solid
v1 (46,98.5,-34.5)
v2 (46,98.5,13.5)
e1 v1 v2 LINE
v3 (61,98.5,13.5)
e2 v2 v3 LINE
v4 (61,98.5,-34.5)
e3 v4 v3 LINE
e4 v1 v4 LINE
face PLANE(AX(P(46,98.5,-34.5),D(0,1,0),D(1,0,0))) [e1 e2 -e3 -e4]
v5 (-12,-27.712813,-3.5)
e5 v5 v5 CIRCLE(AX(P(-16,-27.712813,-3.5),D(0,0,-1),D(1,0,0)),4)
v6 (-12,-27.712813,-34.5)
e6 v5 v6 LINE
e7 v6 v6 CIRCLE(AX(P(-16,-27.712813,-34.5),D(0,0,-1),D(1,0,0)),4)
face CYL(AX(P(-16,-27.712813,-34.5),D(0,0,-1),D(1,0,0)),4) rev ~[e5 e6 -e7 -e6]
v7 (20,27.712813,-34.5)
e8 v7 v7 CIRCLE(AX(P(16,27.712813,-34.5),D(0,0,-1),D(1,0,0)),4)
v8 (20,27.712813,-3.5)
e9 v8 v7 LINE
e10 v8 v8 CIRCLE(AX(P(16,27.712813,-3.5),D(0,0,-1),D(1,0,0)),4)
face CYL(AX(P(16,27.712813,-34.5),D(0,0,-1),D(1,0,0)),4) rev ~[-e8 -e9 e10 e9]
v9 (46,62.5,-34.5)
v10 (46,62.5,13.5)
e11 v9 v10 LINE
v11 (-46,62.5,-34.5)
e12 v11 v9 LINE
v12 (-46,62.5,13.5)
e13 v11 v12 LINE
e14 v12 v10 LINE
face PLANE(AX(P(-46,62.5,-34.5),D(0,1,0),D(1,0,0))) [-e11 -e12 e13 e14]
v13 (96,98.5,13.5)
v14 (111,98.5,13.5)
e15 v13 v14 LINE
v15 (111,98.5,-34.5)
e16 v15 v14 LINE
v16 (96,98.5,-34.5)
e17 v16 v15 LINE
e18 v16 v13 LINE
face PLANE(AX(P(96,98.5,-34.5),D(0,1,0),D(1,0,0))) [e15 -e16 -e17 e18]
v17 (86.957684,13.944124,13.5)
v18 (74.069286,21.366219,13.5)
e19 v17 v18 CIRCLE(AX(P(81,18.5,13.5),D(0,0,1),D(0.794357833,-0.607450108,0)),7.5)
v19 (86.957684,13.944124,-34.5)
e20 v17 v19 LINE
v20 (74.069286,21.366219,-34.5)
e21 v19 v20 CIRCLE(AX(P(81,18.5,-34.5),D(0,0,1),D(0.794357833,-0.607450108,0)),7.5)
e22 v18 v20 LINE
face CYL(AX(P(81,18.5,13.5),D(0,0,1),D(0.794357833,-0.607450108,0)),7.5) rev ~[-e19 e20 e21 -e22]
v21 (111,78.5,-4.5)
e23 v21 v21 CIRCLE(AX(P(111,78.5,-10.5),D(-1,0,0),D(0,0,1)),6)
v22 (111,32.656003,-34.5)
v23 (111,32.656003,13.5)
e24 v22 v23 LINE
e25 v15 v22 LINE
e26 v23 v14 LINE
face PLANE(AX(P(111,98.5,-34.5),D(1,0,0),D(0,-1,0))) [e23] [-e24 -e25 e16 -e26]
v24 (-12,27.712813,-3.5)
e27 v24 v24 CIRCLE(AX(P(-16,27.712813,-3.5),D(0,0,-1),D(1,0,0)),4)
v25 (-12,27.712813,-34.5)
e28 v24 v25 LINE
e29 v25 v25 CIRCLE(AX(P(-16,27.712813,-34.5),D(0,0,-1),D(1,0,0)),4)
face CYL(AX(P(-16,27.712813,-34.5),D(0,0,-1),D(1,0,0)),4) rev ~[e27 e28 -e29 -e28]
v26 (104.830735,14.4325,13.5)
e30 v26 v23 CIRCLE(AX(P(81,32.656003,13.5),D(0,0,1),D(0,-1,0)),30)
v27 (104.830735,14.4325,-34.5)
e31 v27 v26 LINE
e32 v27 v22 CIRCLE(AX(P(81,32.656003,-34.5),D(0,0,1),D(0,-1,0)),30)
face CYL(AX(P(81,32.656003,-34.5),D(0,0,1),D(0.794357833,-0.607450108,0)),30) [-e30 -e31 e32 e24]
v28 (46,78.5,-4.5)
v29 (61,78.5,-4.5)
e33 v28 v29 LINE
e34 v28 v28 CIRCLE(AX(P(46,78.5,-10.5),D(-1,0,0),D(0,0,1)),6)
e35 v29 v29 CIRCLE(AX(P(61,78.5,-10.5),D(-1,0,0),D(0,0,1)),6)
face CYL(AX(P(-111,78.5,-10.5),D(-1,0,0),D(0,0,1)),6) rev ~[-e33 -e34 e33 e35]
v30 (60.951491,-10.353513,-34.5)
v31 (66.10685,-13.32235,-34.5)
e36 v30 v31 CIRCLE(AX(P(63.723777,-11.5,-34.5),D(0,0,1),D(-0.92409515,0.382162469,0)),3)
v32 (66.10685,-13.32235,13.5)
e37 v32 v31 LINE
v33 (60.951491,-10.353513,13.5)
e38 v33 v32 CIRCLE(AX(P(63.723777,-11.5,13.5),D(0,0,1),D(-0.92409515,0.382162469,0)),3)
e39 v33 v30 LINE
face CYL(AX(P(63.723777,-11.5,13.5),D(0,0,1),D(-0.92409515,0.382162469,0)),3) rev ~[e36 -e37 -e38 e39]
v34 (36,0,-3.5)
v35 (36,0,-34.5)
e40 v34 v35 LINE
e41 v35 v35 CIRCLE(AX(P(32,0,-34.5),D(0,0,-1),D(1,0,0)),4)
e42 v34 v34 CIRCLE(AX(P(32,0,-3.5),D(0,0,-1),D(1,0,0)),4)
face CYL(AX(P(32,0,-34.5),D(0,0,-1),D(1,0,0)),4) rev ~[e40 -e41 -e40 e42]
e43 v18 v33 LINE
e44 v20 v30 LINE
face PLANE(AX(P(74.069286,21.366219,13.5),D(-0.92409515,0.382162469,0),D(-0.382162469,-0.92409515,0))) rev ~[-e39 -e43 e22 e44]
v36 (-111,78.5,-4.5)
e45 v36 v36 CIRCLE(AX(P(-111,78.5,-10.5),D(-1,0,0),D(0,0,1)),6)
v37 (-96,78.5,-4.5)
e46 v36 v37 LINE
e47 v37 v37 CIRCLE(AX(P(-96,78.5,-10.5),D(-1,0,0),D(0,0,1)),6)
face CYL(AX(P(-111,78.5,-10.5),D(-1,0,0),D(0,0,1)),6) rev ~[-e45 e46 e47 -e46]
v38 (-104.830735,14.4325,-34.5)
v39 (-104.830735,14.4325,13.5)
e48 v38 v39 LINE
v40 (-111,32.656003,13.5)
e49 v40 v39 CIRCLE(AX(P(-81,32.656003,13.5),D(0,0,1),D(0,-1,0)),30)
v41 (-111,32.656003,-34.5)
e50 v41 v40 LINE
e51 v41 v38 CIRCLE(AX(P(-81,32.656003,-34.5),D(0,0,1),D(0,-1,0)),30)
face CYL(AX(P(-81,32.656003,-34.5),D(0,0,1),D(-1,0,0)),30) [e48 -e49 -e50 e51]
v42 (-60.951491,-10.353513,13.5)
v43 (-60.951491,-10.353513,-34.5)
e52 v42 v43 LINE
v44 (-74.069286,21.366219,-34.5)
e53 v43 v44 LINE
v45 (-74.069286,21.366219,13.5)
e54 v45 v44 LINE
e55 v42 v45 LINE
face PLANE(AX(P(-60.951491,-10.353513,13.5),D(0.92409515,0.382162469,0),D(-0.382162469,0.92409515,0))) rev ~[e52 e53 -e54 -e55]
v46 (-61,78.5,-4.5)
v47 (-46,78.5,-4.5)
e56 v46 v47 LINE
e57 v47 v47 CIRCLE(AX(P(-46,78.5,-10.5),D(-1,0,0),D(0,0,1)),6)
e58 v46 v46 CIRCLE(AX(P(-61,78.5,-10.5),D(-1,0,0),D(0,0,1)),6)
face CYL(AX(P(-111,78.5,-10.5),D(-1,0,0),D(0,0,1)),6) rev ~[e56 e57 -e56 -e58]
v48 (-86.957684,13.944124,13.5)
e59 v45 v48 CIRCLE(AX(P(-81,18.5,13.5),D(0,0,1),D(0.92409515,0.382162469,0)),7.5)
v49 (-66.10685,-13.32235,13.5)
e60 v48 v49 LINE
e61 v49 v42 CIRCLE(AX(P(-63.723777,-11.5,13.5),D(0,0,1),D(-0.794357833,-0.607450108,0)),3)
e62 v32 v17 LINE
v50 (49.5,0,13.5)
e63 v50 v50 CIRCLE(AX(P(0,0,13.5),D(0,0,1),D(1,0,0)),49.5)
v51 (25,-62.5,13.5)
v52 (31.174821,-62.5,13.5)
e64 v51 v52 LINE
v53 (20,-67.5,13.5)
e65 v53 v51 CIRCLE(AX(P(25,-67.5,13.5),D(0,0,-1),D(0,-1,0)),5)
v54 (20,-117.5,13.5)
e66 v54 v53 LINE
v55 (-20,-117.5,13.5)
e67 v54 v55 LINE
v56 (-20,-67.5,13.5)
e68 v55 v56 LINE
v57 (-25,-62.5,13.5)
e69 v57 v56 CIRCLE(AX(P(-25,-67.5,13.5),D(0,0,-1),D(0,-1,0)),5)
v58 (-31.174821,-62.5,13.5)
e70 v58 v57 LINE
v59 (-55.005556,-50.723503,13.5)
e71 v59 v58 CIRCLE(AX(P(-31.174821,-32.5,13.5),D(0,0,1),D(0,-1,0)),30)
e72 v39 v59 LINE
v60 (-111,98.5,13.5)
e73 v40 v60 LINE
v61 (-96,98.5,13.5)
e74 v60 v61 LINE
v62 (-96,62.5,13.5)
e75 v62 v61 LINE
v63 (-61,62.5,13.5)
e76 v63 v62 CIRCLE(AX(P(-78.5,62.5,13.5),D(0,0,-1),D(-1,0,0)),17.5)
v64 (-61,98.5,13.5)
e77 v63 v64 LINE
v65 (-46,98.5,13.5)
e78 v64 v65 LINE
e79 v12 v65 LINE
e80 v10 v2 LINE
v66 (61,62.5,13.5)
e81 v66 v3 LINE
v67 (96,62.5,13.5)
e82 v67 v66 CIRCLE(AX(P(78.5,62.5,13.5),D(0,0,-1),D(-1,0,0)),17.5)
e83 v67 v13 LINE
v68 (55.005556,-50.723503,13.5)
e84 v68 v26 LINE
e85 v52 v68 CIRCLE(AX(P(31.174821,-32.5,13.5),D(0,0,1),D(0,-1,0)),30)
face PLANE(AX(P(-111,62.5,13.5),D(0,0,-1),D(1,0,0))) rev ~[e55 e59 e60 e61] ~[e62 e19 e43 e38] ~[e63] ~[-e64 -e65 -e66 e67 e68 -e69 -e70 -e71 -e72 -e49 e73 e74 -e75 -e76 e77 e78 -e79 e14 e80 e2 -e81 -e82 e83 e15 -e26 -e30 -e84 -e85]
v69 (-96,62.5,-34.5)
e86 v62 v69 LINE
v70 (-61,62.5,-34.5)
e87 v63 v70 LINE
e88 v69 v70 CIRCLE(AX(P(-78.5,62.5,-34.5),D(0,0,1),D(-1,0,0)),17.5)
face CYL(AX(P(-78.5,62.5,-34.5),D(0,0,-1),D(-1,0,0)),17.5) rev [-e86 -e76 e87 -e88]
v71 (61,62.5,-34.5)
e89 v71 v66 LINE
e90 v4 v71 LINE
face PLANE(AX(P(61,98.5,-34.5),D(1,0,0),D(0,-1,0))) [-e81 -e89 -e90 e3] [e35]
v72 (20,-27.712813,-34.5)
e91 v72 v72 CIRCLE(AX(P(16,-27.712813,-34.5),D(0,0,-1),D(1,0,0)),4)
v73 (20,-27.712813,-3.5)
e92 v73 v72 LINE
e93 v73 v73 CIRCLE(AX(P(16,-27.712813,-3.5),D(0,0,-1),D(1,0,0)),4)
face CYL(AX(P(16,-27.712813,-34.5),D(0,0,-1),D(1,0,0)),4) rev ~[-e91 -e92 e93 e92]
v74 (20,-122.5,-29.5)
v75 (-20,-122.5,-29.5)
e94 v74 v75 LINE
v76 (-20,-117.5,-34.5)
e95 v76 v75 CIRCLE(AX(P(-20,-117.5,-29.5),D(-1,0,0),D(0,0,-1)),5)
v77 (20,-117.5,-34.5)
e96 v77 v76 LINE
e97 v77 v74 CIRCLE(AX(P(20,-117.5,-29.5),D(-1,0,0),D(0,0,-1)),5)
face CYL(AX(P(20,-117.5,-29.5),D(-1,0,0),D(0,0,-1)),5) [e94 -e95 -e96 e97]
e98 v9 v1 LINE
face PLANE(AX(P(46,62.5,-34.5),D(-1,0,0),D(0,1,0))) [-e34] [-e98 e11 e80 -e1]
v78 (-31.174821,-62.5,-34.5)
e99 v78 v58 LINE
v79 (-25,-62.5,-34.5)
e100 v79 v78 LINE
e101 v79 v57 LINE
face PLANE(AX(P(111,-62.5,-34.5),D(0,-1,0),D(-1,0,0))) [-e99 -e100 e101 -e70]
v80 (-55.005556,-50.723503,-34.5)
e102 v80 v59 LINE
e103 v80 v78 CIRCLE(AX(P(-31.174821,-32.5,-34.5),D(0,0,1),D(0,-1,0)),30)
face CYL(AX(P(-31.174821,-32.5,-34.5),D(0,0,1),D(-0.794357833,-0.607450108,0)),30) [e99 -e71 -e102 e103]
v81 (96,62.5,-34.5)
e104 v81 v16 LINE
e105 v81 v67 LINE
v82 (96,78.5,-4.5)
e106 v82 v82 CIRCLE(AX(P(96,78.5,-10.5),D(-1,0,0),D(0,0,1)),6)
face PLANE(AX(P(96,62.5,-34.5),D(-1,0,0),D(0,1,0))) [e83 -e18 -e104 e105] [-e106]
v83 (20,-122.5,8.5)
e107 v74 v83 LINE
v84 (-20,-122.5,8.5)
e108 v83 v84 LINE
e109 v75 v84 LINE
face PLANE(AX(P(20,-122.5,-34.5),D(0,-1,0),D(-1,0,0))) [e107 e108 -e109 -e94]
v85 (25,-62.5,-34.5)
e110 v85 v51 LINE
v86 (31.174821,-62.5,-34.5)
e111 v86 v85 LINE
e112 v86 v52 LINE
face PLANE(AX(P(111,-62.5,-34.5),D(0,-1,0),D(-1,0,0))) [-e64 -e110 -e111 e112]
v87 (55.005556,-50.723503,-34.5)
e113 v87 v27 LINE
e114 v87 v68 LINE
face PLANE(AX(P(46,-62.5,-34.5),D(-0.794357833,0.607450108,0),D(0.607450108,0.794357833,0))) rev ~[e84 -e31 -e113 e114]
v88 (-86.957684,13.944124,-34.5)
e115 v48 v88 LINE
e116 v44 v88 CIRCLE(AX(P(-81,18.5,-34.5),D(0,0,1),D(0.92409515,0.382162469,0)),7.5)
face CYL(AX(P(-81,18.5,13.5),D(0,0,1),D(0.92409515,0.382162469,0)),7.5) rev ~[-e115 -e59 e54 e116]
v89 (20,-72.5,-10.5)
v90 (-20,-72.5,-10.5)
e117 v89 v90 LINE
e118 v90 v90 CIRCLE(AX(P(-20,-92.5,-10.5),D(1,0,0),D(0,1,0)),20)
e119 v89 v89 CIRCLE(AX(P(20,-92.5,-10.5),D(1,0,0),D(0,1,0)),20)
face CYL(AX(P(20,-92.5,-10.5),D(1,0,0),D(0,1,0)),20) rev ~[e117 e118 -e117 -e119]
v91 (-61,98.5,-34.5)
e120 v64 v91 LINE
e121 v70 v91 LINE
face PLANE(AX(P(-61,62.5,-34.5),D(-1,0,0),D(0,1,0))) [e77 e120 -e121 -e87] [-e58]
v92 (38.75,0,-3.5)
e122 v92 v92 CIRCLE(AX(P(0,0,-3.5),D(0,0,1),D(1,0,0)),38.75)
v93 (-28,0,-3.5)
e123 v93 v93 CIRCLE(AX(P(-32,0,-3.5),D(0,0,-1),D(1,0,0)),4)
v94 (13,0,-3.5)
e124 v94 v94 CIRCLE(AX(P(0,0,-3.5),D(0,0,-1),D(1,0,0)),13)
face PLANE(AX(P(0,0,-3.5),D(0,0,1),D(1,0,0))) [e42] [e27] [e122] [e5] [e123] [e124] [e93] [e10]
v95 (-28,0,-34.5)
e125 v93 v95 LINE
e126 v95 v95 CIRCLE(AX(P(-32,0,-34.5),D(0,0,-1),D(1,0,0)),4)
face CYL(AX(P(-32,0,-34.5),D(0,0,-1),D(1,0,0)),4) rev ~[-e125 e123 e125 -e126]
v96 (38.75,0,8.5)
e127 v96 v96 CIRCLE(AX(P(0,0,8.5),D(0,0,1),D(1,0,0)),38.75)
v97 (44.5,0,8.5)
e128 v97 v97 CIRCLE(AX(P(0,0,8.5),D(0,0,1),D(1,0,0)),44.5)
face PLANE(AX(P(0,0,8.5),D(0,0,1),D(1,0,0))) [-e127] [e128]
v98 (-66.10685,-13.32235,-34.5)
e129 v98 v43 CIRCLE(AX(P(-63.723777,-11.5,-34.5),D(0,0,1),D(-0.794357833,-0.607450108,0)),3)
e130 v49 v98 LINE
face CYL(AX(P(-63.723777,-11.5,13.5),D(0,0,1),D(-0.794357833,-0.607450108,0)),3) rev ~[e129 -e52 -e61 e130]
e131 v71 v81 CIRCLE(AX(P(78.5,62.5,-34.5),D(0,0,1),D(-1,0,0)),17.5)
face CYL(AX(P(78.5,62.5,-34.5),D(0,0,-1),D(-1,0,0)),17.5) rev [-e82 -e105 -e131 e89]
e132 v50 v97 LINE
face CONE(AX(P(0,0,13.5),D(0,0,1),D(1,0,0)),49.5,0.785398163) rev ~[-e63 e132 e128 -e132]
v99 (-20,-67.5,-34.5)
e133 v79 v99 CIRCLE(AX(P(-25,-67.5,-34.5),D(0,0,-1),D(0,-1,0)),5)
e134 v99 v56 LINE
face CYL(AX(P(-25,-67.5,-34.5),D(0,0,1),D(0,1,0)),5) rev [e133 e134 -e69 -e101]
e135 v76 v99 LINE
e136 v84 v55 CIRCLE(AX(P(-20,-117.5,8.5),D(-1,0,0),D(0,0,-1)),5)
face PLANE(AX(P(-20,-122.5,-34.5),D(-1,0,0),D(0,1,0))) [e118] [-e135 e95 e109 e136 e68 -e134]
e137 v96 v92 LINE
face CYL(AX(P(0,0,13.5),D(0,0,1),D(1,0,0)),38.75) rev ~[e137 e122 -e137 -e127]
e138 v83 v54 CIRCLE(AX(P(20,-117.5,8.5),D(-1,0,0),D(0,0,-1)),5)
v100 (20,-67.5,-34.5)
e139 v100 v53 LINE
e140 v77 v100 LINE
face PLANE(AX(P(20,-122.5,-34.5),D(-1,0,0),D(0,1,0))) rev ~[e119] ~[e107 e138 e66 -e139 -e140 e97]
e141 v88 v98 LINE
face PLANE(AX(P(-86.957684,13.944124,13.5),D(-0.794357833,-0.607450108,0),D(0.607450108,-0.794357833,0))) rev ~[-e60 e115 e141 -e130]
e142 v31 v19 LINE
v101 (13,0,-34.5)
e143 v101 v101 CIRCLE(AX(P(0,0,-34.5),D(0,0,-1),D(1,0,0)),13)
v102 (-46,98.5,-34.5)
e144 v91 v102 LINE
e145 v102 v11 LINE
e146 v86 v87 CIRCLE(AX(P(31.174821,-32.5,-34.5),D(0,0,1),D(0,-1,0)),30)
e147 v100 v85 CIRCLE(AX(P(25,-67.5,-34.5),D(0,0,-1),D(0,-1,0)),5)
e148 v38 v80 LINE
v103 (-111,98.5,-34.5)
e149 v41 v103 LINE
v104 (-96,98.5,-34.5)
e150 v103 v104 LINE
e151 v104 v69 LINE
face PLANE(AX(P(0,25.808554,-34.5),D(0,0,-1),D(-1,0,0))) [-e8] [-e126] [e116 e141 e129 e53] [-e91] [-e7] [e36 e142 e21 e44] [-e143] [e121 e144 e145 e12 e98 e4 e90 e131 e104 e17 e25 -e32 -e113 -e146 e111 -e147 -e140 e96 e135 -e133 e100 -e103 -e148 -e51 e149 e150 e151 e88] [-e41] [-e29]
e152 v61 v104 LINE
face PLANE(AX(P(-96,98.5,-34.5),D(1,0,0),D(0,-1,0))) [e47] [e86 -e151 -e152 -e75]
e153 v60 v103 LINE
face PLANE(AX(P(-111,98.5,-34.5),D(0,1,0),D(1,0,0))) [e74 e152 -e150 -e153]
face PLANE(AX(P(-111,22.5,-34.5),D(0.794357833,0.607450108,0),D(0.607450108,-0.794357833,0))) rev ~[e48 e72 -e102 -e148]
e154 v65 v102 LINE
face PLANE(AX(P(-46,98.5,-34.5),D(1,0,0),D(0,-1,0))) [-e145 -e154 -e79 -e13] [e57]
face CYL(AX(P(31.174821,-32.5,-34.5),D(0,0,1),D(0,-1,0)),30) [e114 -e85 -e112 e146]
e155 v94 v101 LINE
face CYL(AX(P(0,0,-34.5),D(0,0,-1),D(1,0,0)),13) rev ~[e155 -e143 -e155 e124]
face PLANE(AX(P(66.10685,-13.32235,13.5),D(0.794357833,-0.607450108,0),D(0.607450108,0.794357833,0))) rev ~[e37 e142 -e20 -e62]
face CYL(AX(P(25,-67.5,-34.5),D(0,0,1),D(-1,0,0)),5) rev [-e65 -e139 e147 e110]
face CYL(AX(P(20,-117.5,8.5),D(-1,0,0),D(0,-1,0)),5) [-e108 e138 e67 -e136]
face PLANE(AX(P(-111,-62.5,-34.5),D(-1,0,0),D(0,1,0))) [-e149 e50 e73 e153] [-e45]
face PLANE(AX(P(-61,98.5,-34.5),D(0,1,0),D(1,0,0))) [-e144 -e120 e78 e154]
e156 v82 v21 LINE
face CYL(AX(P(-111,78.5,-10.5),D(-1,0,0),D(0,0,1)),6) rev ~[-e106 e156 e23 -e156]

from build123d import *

# Parameters (mm, degrees)
DODANIE_WYCI_GNI_CIE1_DEPTH      = 13.5
DODANIE_WYCI_GNI_CIE1_DEPTH_BACK = 13.5
SZKIC1_W                         = 222
SZKIC1_H                         = 125
SZKIC1_R                         = 13
SZKIC1_R_2                       = 4
SZKIC4_W                         = 15
SZKIC4_H                         = 27
DODANIE_WYCI_GNI_CIE4_DEPTH      = 36
SZKIC13_R                        = 38.75
WYTNIJ_WYCI_GNI_CIE4_DEPTH       = 17
SZKIC15_R                        = 44.5
WYTNIJ_WYCI_GNI_CIE5_DEPTH       = 5
POCHYLENIE1_ANGLE                = 45
DODANIE_WYCI_GNI_CIE6_START      = 21
SZKIC16_R                        = 13
SZKIC16_R_2                      = 4
DODANIE_WYCI_GNI_CIE6_DEPTH      = 21
SZKIC5_R                         = 6
WYTNIJ_WYCI_GNI_CIE3_DEPTH       = 246.308988828
WYTNIJ_WYCI_GNI_CIE6_DEPTH       = 156.971952607
ZAOKR_GLENIE1_R                  = 30
ZAOKR_GLENIE2_R                  = 30
SZKIC19_W                        = 40
SZKIC19_H                        = 60
DODANIE_WYCI_GNI_CIE7_DEPTH      = 48
WYTNIJ_WYCI_GNI_CIE7_REACH       = 184.64
SZKIC23_R                        = 20
WYTNIJ_WYCI_GNI_CIE8_REACH       = 174.137
ZAOKR_GLENIE4_R                  = 5
ZAOKR_GLENIE5_R                  = 5
WYTNIJ_WYCI_GNI_CIE9_DEPTH       = 48


with BuildPart() as part:
    # Szkic1 → Dodanie-wyciągnięcie1 (new, two sides: drawn at the far end of the back side and taken through both)
    with BuildSketch(Plane.XY.offset(-DODANIE_WYCI_GNI_CIE1_DEPTH_BACK)):
        Rectangle(SZKIC1_W, SZKIC1_H)
        Circle(SZKIC1_R, mode=Mode.SUBTRACT)
        with Locations((-32, 0)):
            Circle(SZKIC1_R_2, mode=Mode.SUBTRACT)
        with Locations((-16, 27.712812921)):
            Circle(SZKIC1_R_2, mode=Mode.SUBTRACT)
        with Locations((16, 27.712812921)):
            Circle(SZKIC1_R_2, mode=Mode.SUBTRACT)
        with Locations((32, 0)):
            Circle(SZKIC1_R_2, mode=Mode.SUBTRACT)
        with Locations((16, -27.712812921)):
            Circle(SZKIC1_R_2, mode=Mode.SUBTRACT)
        with Locations((-16, -27.712812921)):
            Circle(SZKIC1_R_2, mode=Mode.SUBTRACT)
    extrude(amount=DODANIE_WYCI_GNI_CIE1_DEPTH + DODANIE_WYCI_GNI_CIE1_DEPTH_BACK)

    # Szkic4 → Dodanie-wyciągnięcie4 (add)
    with BuildSketch(Plane(origin=(0, 62.5, 0), x_dir=(1, 0, 0), z_dir=(0, 1, 0))):
        with Locations((-103.5, 0)):
            Rectangle(SZKIC4_W, SZKIC4_H)
        with Locations((-53.5, 0)):
            Rectangle(SZKIC4_W, SZKIC4_H)
        with Locations((53.5, 0)):
            Rectangle(SZKIC4_W, SZKIC4_H)
        with Locations((103.5, 0)):
            Rectangle(SZKIC4_W, SZKIC4_H)
    extrude(amount=DODANIE_WYCI_GNI_CIE4_DEPTH)

    # Szkic13 → Wytnij-wyciągnięcie4 (cut)
    with BuildSketch(Plane.XY.offset(13.5)):
        Circle(SZKIC13_R)
    extrude(amount=-WYTNIJ_WYCI_GNI_CIE4_DEPTH, mode=Mode.SUBTRACT)

    # Szkic15 → Wytnij-wyciągnięcie5 (cut)
    with BuildSketch(Plane.XY.offset(13.5)):
        Circle(SZKIC15_R)
    extrude(amount=-WYTNIJ_WYCI_GNI_CIE5_DEPTH, mode=Mode.SUBTRACT)

    # Pochylenie1
    pochylenie1_faces = [part.faces().sort_by_distance(p)[0] for p in [
        (-44.5, 0, 11),
    ]]
    draft(pochylenie1_faces, Plane.XY.offset(8.5), POCHYLENIE1_ANGLE)

    # Szkic16 → Dodanie-wyciągnięcie6 (add)
    with BuildSketch(Plane(origin=(0, 0, -13.5), x_dir=(-1, 0, 0), z_dir=(0, 0, -1)).offset(DODANIE_WYCI_GNI_CIE6_START)):
        Polygon((-111, 98.5), (-111, -62.5), (111, -62.5), (111, 98.5), (96, 98.5), (96, 62.5), (61, 62.5), (61, 98.5), (46, 98.5), (46, 62.5), (-46, 62.5), (-46, 98.5), (-61, 98.5), (-61, 62.5), (-96, 62.5), (-96, 98.5), align=None)
        with Locations(Location((0, 0, 0), (0, 0, 180))):
            Circle(SZKIC16_R, mode=Mode.SUBTRACT)
        with Locations(Location((32, 0, 0), (0, 0, 180))):
            Circle(SZKIC16_R_2, mode=Mode.SUBTRACT)
        with Locations(Location((16, 27.712812921, 0), (0, 0, 180))):
            Circle(SZKIC16_R_2, mode=Mode.SUBTRACT)
        with Locations(Location((-16, 27.712812921, 0), (0, 0, 180))):
            Circle(SZKIC16_R_2, mode=Mode.SUBTRACT)
        with Locations(Location((-32, 0, 0), (0, 0, 180))):
            Circle(SZKIC16_R_2, mode=Mode.SUBTRACT)
        with Locations(Location((-16, -27.712812921, 0), (0, 0, 180))):
            Circle(SZKIC16_R_2, mode=Mode.SUBTRACT)
        with Locations(Location((16, -27.712812921, 0), (0, 0, 180))):
            Circle(SZKIC16_R_2, mode=Mode.SUBTRACT)
    extrude(amount=-DODANIE_WYCI_GNI_CIE6_DEPTH)

    # Szkic5 → Wytnij-wyciągnięcie3 (cut, through all)
    with BuildSketch(Plane.ZY.offset(111)):
        with Locations((-10.5, 78.5)):
            Circle(SZKIC5_R)
    extrude(amount=-WYTNIJ_WYCI_GNI_CIE3_DEPTH, mode=Mode.SUBTRACT)

    # Szkic18 → Wytnij-wyciągnięcie6 (cut, through all)
    with BuildSketch(Plane(origin=(0, 0, -34.5), x_dir=(-1, 0, 0), z_dir=(0, 0, -1))):
        Polygon((111, 22.5), (46, -62.5), (111, -62.5), align=None)
        Polygon((-111, -62.5), (-46, -62.5), (-111, 22.5), align=None)
    extrude(amount=-WYTNIJ_WYCI_GNI_CIE6_DEPTH, mode=Mode.SUBTRACT)

    # Zaokrąglenie1
    zaokr_glenie1_edges = [part.edges().sort_by_distance(p)[0] for p in [
        (-111, 22.5, -10.5),
    ]]
    fillet(zaokr_glenie1_edges, radius=ZAOKR_GLENIE1_R)

    # Zaokrąglenie2
    zaokr_glenie2_edges = [part.edges().sort_by_distance(p)[0] for p in [
        (-46, -62.5, -10.5),
        (111, 22.5, -10.5),
        (46, -62.5, -10.5),
    ]]
    fillet(zaokr_glenie2_edges, radius=ZAOKR_GLENIE2_R)

    # Szkic19 → Dodanie-wyciągnięcie7 (add)
    with BuildSketch(Plane(origin=(0, 0, -34.5), x_dir=(-1, 0, 0), z_dir=(0, 0, -1))):
        with Locations((0, -92.5)):
            Rectangle(SZKIC19_W, SZKIC19_H)
    extrude(amount=-DODANIE_WYCI_GNI_CIE7_DEPTH)

    # Szkic23 → Wytnij-wyciągnięcie7 (cut, up to next)
    with BuildSketch(Plane(origin=(20, 0, 0), x_dir=(0, 0, -1), z_dir=(1, 0, 0)), mode=Mode.PRIVATE) as wytnij_wyci_gni_cie7_sk1:
        with Locations(Location((10.5, -92.5, 0), (0, 0, 90))):
            Circle(SZKIC23_R)
    wytnij_wyci_gni_cie7_tool1 = extrude(wytnij_wyci_gni_cie7_sk1.sketch, amount=-WYTNIJ_WYCI_GNI_CIE7_REACH, mode=Mode.PRIVATE) & part.part
    add(wytnij_wyci_gni_cie7_tool1.solids().sort_by_distance((20, -92.5, -10.5))[0], mode=Mode.SUBTRACT)

    # Szkic24 → Wytnij-wyciągnięcie8 (cut, up to next)
    with BuildSketch(Plane(origin=(0, 0, -34.5), x_dir=(-1, 0, 0), z_dir=(0, 0, -1)), mode=Mode.PRIVATE) as wytnij_wyci_gni_cie8_sk1:
        with BuildLine():
            Line((-96, 62.5), (-61, 62.5))
            ThreePointArc((-61, 62.5), (-78.5, 45), (-96, 62.5))
        make_face()
    wytnij_wyci_gni_cie8_tool1 = extrude(wytnij_wyci_gni_cie8_sk1.sketch, amount=-WYTNIJ_WYCI_GNI_CIE8_REACH, mode=Mode.PRIVATE) & part.part
    # Szkic24 → Wytnij-wyciągnięcie8 (cut, up to next)
    with BuildSketch(Plane(origin=(0, 0, -34.5), x_dir=(-1, 0, 0), z_dir=(0, 0, -1)), mode=Mode.PRIVATE) as wytnij_wyci_gni_cie8_sk2:
        with BuildLine():
            Line((61, 62.5), (96, 62.5))
            ThreePointArc((96, 62.5), (78.5, 45), (61, 62.5))
        make_face()
    wytnij_wyci_gni_cie8_tool2 = extrude(wytnij_wyci_gni_cie8_sk2.sketch, amount=-WYTNIJ_WYCI_GNI_CIE8_REACH, mode=Mode.PRIVATE) & part.part
    add(wytnij_wyci_gni_cie8_tool1.solids().sort_by_distance((78.5, 55.072769, -34.5))[0], mode=Mode.SUBTRACT)
    add(wytnij_wyci_gni_cie8_tool2.solids().sort_by_distance((-78.5, 55.072769, -34.5))[0], mode=Mode.SUBTRACT)

    # Zaokrąglenie4
    zaokr_glenie4_edges = [part.edges().sort_by_distance(p)[0] for p in [
        (20, -62.5, -10.5),
        (-20, -62.5, -10.5),
    ]]
    fillet(zaokr_glenie4_edges, radius=ZAOKR_GLENIE4_R)

    # Zaokrąglenie5
    zaokr_glenie5_edges = [part.edges().sort_by_distance(p)[0] for p in [
        (0, -122.5, -34.5),
        (0, -122.5, 13.5),
    ]]
    fillet(zaokr_glenie5_edges, radius=ZAOKR_GLENIE5_R)

    # Szkic25 → Wytnij-wyciągnięcie9 (cut)
    with BuildSketch(Plane.XY.offset(13.5)):
        with BuildLine():
            Line((-60.951491344, -10.353512592), (-74.069286372, 21.36621852))
            ThreePointArc((-74.069286372, 21.36621852), (-84.742802137, 24.999340902), (-86.957683747, 13.944124193))
            Line((-86.957683747, 13.944124193), (-66.106850294, -13.322350323))
            ThreePointArc((-66.106850294, -13.322350323), (-62.22665594, -14.099736361), (-60.951491344, -10.353512592))
        make_face()
        with BuildLine():
            Line((66.106850294, -13.322350323), (86.957683747, 13.944124193))
            ThreePointArc((86.957683747, 13.944124193), (84.742802137, 24.999340902), (74.069286372, 21.36621852))
            Line((74.069286372, 21.36621852), (60.951491344, -10.353512592))
            ThreePointArc((60.951491344, -10.353512592), (62.22665594, -14.099736361), (66.106850294, -13.322350323))
        make_face()
    extrude(amount=-WYTNIJ_WYCI_GNI_CIE9_DEPTH, mode=Mode.SUBTRACT)


solid = part.part
